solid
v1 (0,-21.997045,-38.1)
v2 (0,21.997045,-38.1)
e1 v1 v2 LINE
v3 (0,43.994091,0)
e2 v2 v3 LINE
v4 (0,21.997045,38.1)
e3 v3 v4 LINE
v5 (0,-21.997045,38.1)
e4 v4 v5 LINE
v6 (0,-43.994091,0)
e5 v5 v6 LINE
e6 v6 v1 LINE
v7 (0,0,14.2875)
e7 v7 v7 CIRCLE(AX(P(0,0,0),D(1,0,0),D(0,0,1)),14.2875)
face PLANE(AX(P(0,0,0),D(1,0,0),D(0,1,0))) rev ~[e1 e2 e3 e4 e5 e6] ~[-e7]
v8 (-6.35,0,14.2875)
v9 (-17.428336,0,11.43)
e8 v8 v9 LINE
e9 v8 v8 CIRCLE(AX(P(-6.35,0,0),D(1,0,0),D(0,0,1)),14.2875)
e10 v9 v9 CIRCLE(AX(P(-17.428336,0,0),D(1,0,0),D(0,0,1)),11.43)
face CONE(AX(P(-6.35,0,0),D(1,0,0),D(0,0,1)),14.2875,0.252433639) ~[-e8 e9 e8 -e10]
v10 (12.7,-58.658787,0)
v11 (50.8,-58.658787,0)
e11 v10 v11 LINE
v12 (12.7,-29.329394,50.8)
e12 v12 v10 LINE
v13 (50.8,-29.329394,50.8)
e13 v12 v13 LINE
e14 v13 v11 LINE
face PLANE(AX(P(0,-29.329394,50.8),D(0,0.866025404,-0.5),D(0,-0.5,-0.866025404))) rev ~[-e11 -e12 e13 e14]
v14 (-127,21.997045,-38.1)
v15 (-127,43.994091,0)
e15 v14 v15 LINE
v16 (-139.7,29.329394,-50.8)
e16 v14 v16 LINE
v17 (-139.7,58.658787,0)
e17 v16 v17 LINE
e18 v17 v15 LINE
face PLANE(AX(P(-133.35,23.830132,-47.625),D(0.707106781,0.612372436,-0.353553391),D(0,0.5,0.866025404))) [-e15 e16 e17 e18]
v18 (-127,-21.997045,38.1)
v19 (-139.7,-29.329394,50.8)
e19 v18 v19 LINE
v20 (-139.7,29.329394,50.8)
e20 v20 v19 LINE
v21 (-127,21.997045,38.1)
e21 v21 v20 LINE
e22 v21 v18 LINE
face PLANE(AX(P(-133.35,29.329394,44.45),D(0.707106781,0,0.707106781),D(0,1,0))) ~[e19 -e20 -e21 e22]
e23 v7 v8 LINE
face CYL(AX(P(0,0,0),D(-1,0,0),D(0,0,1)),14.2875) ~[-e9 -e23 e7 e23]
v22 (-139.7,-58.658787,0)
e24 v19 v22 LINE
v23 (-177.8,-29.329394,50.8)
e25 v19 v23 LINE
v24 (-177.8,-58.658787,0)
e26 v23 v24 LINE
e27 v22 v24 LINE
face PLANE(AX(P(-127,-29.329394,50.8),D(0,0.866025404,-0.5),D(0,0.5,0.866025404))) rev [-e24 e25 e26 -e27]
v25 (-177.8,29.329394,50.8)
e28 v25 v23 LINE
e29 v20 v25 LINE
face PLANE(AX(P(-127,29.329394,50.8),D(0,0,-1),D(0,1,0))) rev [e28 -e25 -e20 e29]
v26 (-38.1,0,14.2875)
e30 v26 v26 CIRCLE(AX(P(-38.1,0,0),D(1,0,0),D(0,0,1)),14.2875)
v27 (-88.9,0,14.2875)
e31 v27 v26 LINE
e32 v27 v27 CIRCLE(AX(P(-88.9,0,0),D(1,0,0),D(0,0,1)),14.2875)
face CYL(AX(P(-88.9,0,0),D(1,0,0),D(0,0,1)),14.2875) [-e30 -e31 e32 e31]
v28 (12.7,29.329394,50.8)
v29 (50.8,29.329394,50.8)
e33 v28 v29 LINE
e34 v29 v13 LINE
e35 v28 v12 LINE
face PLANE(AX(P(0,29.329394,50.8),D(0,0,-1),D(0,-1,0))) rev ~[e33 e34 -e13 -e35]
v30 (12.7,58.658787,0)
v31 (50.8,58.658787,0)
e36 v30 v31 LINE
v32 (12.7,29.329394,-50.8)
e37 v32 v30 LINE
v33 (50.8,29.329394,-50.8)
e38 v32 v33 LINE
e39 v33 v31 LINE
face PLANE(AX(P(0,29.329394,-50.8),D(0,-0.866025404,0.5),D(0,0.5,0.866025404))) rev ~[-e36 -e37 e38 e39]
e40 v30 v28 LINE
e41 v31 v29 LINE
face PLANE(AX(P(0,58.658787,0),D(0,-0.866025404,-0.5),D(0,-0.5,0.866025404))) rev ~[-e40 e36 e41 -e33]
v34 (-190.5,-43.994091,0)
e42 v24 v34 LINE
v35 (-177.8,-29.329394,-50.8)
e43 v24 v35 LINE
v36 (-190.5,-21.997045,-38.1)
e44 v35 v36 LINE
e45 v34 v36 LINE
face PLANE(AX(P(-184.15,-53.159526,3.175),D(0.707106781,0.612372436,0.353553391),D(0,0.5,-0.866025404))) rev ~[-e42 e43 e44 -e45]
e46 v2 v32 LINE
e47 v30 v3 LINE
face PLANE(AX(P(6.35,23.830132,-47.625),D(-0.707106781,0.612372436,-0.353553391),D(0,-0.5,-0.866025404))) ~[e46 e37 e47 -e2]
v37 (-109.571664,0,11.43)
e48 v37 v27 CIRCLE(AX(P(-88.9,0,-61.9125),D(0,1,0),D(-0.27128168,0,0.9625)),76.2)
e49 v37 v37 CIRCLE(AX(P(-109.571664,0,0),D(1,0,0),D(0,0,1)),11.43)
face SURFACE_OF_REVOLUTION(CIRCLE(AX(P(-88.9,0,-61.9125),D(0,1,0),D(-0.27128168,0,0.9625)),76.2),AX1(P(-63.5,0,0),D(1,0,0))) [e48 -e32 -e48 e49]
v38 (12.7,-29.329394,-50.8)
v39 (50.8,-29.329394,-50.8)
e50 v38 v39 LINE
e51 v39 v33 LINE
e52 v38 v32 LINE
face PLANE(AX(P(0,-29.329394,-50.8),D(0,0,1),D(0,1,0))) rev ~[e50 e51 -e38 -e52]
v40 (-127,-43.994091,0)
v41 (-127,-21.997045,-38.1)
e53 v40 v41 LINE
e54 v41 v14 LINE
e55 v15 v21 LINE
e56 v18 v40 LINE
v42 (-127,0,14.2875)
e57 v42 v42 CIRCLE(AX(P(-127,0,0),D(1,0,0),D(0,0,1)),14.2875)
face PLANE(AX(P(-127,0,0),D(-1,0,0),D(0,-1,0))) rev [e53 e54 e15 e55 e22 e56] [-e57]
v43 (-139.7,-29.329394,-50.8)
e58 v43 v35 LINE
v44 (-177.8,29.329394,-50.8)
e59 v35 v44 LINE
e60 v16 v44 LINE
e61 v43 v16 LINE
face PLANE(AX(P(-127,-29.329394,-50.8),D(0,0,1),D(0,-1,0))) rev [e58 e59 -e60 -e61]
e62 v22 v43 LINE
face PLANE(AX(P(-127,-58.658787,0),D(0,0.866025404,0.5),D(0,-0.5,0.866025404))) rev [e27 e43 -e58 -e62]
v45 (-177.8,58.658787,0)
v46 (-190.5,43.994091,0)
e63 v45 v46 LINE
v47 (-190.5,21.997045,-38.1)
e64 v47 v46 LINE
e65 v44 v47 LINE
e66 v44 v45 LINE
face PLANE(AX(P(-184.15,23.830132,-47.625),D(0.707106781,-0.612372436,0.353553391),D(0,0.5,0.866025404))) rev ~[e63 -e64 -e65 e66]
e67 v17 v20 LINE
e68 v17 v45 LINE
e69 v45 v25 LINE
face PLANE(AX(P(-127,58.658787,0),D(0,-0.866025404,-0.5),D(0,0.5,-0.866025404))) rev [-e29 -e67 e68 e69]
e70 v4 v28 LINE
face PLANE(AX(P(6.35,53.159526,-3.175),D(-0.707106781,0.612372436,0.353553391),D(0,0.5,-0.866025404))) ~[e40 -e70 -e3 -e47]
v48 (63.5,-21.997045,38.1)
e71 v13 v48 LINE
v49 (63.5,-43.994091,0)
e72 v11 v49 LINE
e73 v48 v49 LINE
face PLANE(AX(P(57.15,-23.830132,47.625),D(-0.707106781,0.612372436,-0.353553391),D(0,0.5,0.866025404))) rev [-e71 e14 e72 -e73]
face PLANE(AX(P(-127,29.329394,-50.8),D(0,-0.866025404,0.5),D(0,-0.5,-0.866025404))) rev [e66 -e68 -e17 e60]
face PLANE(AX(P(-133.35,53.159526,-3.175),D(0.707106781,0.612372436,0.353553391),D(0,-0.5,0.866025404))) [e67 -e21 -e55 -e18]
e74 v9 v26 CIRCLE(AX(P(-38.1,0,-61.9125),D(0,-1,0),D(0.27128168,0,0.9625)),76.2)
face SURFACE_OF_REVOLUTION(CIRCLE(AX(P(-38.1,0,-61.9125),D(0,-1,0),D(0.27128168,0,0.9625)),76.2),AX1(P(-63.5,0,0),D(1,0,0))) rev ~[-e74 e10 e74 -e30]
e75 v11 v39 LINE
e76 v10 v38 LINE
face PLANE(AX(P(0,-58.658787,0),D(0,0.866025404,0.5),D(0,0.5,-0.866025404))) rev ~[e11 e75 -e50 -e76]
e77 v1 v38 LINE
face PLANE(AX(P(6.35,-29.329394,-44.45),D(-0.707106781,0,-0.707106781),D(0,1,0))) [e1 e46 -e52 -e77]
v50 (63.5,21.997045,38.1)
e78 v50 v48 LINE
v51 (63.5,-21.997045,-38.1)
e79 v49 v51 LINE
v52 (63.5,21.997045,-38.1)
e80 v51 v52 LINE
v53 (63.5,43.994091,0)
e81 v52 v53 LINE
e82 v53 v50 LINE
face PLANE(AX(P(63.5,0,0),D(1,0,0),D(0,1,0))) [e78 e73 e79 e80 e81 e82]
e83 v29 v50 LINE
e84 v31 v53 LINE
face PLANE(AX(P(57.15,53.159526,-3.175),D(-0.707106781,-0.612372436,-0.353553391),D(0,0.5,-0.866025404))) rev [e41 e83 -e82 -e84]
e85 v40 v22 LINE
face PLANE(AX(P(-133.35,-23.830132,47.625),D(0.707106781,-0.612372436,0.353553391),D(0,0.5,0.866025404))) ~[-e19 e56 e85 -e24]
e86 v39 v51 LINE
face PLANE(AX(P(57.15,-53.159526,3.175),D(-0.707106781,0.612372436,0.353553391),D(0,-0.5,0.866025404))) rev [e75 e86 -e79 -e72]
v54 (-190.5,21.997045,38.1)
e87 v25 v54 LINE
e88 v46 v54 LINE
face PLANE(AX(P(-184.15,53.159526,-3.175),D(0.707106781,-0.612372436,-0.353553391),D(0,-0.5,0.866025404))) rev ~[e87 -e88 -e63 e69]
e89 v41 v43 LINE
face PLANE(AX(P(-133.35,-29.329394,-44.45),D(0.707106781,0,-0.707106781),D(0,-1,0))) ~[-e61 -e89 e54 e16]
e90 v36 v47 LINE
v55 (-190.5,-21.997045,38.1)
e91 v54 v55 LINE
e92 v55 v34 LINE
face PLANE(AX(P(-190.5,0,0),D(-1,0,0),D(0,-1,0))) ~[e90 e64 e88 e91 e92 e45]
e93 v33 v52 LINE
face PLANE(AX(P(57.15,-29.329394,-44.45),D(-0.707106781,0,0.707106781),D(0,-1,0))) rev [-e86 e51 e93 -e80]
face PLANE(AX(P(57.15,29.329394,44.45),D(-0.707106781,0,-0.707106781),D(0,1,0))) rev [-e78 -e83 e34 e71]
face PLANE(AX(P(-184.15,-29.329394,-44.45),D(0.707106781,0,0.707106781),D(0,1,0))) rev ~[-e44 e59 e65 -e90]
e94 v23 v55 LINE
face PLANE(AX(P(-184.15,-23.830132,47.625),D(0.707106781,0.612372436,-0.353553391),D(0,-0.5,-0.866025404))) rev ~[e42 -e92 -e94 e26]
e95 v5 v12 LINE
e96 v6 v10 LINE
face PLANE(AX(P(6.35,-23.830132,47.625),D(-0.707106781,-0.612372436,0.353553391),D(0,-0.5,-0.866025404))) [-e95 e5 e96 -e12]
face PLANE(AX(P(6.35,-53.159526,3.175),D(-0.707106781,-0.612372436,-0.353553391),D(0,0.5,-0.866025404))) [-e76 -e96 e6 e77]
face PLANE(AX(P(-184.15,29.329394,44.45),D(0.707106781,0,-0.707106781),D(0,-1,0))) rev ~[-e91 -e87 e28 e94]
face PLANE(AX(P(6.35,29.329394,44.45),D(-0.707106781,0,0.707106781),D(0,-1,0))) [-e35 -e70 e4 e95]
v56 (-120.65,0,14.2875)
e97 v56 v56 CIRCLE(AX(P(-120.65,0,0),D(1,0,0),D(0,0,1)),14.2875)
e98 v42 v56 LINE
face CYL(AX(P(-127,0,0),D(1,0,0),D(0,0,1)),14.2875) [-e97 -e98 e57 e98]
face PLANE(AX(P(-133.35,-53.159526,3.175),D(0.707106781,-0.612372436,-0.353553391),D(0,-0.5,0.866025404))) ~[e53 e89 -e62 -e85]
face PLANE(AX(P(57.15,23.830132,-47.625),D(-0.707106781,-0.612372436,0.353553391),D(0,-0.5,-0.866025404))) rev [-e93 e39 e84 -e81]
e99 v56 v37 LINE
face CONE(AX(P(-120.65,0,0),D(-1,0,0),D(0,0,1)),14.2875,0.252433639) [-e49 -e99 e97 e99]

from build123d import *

# Parameters (mm, degrees)
BOSS_EXTRUDE1_DEPTH = 63.5
CHAMFER1_SIZE       = 12.7
CHAMFER2_SIZE       = 12.7


with BuildPart() as part:
    # Sketch1 → Boss-Extrude1 (new body)
    with BuildSketch(Plane.YZ):
        Polygon((58.65878735, 0), (29.329393675, 50.8), (-29.329393675, 50.8), (-58.65878735, 0), (-29.329393675, -50.8), (29.329393675, -50.8), align=None)
    extrude(amount=BOSS_EXTRUDE1_DEPTH)

    # Chamfer1
    chamfer1_edges = [part.edges().sort_by_distance(p)[0] for p in [
        (63.5, 0, 50.8),
        (63.5, -43.994090512, 25.4),
        (63.5, -43.994090512, -25.4),
        (63.5, 0, -50.8),
        (63.5, 43.994090512, -25.4),
        (63.5, 43.994090512, 25.4),
    ]]
    chamfer(chamfer1_edges, length=CHAMFER1_SIZE)

    # Chamfer2
    chamfer2_edges = [part.edges().sort_by_distance(p)[0] for p in [
        (0, 0, -50.8),
        (0, -43.994090512, -25.4),
        (0, -43.994090512, 25.4),
        (0, 0, 50.8),
        (0, 43.994090512, 25.4),
        (0, 43.994090512, -25.4),
    ]]
    chamfer(chamfer2_edges, length=CHAMFER2_SIZE)

    # Sketch2 → Revolve1 (revolve)
    with BuildSketch(Plane(origin=(0, 0, 0), x_dir=(-1, 0, 0), z_dir=(0, 1, 0))):
        with BuildLine():
            Line((0, 0), (0, 14.2875))
            Line((0, 14.2875), (6.35, 14.2875))
            Line((6.35, 14.2875), (17.42833597, 11.43))
            ThreePointArc((17.42833597, 11.43), (27.66588528, 13.569744601), (38.1, 14.2875))
            Line((38.1, 14.2875), (63.5, 14.2875))
            Line((63.5, 14.2875), (63.5, 0))
            Line((63.5, 0), (0, 0))
        make_face()
    revolve(axis=Axis((-63.5, 0, 0), (1, 0, 0)))

    # Mirror1: part across plane


with BuildPart() as part_1:
    add(part.part)
    add(part.part.mirror(Plane(origin=(-63.5, 0, 14.2875), x_dir=(0, 0, 1), z_dir=(-1, 0, 0))))


solid = part_1.part
